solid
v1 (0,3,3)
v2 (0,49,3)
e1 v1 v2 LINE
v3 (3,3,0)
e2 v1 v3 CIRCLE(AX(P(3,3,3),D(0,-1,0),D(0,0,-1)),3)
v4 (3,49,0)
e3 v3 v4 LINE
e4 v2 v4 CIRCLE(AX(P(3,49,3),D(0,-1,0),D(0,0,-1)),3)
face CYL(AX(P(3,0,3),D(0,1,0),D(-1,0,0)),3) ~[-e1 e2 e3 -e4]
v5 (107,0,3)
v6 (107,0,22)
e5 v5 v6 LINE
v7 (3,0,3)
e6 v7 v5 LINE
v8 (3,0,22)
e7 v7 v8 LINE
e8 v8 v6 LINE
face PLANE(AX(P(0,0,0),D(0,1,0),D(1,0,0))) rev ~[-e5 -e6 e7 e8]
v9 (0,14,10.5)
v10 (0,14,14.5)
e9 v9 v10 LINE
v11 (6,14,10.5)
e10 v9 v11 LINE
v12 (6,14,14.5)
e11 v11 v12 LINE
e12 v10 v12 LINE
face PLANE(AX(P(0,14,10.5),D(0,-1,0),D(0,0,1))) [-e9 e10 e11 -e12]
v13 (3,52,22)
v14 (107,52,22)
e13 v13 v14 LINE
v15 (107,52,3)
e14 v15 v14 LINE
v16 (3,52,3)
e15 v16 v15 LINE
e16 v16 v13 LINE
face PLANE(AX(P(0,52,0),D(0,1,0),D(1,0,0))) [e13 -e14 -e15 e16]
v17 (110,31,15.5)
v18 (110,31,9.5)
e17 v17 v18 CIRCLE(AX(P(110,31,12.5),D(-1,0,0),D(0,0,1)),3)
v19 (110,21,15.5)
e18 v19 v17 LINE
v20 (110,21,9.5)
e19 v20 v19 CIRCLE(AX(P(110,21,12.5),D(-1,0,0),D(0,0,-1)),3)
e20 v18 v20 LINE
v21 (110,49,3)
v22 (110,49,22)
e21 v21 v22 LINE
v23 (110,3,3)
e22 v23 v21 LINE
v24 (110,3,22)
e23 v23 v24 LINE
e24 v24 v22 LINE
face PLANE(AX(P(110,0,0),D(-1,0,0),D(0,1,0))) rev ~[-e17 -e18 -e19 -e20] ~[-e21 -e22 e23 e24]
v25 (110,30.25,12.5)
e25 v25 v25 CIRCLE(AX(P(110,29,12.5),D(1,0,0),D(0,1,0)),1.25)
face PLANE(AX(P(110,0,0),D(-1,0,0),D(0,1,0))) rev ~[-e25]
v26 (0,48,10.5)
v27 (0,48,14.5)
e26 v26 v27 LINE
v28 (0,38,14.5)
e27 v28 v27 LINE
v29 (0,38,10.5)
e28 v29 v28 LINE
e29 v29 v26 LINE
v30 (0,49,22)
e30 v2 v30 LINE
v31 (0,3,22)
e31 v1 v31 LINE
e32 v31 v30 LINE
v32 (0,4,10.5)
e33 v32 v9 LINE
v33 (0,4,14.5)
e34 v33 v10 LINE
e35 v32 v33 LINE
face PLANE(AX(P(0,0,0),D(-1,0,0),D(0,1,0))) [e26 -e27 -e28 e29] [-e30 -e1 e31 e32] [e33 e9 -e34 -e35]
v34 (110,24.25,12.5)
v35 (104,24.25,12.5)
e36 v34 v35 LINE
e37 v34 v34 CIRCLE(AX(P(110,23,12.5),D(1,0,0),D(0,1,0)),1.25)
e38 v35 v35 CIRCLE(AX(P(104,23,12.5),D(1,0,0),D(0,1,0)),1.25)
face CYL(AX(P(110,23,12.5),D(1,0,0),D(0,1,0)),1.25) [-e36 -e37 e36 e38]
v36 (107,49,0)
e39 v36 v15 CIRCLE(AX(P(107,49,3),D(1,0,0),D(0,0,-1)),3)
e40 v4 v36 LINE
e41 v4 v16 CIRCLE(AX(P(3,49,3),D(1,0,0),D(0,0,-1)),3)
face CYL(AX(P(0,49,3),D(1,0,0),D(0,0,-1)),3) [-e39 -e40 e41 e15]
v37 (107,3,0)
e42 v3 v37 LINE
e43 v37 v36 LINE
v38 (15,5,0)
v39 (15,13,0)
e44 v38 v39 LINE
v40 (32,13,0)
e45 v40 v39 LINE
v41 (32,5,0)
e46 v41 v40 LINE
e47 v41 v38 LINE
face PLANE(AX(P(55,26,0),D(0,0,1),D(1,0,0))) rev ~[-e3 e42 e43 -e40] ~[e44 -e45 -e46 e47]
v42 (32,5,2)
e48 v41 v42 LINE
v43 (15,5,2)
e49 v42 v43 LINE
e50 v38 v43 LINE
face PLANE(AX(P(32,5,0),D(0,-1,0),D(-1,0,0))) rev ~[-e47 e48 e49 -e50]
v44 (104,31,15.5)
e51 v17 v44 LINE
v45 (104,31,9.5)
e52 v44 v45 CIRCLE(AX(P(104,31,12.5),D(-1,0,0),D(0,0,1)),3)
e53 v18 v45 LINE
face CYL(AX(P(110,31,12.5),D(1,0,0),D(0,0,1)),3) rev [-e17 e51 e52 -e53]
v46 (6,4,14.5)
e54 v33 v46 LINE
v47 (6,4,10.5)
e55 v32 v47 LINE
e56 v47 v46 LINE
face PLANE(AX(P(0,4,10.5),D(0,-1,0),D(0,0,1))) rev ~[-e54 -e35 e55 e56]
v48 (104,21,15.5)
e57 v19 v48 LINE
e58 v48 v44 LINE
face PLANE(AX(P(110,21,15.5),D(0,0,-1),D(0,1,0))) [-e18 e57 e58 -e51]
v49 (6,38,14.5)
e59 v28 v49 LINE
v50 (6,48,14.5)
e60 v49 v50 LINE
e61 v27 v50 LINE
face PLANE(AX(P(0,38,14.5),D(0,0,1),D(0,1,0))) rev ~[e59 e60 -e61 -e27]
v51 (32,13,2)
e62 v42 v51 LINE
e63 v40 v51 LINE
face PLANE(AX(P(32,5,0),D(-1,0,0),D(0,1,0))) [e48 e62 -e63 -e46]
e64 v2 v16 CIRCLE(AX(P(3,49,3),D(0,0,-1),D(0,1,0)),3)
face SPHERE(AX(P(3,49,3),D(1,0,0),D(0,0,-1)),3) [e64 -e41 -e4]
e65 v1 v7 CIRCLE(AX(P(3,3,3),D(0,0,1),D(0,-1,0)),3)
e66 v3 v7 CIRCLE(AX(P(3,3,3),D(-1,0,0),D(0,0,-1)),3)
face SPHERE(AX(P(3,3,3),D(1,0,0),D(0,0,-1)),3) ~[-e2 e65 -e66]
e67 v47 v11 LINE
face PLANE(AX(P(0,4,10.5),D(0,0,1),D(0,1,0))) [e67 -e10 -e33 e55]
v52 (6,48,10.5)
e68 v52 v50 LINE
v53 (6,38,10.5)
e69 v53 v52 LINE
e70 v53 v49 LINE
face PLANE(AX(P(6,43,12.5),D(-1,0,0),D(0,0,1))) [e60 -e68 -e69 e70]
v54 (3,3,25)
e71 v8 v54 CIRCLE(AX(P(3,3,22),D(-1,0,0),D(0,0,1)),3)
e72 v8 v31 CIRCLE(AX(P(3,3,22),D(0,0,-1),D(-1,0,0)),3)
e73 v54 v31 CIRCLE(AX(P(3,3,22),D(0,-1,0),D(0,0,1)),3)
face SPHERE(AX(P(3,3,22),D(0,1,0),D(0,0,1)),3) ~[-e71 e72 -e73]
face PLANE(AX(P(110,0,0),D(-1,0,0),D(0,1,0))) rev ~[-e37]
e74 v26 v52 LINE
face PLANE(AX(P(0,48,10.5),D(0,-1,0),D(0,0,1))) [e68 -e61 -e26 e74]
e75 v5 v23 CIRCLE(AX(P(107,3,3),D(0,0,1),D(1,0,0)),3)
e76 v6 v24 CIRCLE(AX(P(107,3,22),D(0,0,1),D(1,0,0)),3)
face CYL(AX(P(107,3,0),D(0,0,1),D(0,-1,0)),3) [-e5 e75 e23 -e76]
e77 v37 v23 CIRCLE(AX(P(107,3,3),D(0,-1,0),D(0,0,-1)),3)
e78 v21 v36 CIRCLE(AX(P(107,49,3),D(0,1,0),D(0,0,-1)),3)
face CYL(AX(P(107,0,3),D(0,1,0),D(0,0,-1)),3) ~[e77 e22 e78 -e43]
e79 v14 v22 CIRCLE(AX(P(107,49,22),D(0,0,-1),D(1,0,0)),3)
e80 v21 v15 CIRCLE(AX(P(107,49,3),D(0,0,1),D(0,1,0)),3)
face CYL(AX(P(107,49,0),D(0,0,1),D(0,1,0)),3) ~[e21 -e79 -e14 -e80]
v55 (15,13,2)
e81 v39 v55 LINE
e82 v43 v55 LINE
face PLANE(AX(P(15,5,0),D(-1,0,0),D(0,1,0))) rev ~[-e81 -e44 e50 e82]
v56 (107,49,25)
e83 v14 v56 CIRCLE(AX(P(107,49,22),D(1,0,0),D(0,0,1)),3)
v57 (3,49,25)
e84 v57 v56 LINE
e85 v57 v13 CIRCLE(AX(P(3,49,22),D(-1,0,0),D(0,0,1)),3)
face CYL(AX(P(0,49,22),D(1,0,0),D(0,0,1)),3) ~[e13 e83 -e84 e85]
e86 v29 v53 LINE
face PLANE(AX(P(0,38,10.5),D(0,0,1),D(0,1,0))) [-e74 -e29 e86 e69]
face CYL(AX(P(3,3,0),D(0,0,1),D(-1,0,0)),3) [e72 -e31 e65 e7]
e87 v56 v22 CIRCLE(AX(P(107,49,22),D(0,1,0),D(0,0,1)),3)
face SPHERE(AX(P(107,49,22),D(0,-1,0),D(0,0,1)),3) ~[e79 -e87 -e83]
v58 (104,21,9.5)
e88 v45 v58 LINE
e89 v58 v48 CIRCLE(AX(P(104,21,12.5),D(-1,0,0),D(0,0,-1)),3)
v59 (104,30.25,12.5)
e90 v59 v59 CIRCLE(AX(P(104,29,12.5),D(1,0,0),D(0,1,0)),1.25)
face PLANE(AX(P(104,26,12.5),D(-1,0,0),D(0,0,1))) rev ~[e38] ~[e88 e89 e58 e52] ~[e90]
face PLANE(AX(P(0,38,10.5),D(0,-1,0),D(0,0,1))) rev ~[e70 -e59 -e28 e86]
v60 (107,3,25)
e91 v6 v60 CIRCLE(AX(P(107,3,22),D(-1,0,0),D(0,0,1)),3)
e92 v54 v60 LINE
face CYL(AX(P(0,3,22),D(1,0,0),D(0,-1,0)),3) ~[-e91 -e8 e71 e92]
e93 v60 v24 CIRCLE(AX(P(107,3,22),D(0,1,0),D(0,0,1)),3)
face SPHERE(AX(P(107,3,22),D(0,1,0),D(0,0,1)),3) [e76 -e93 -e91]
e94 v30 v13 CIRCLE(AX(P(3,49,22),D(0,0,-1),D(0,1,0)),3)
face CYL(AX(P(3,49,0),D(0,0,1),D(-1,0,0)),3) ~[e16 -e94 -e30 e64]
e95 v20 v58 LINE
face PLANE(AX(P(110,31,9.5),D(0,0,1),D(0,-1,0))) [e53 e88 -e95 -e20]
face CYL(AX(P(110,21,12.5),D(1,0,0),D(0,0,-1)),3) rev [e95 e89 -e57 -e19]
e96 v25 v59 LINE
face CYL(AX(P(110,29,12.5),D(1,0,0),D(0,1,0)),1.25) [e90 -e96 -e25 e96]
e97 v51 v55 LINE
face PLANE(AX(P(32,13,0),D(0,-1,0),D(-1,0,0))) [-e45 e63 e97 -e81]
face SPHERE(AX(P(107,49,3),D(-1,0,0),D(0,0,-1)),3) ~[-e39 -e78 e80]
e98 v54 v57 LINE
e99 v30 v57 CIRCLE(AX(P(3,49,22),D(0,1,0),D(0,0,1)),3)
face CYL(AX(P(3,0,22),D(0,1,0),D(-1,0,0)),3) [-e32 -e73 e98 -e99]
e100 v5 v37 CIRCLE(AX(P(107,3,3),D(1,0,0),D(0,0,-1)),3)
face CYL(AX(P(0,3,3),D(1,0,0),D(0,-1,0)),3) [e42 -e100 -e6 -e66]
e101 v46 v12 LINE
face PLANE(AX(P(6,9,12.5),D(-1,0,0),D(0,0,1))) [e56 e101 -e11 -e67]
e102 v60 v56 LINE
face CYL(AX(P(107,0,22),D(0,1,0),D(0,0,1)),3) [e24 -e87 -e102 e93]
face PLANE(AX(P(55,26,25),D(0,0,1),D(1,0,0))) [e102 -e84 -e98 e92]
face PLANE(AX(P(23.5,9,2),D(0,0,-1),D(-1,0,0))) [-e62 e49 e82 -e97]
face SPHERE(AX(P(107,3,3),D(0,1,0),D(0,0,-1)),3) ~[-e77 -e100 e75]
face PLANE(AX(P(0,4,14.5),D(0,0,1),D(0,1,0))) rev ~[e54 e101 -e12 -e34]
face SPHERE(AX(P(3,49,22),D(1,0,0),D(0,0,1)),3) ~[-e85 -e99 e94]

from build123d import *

# Parameters (mm, degrees)
SKETCH_1_W          = 110
SKETCH_1_H          = 52
EXTRUDE_1_DEPTH     = 25
SKETCH_2_R          = 1.25
CUT_EXTRUDE_1_DEPTH = 6
SKETCH_3_W          = 4
SKETCH_3_H          = 10
CUT_EXTRUDE_2_DEPTH = 6
SKETCH_4_W          = 4
SKETCH_4_H          = 10
CUT_EXTRUDE_3_DEPTH = 6
SKETCH_5_W          = 17
SKETCH_5_H          = 8
CUT_EXTRUDE_4_DEPTH = 2
FILLET_1_R          = 3


with BuildPart() as part:
    # Эскиз1 → Бобышка-Вытянуть1 (new body)
    with BuildSketch(Plane.XY):
        with Locations((55, 26)):
            Rectangle(SKETCH_1_W, SKETCH_1_H)
    extrude(amount=EXTRUDE_1_DEPTH)

    # Эскиз2 → Вырез-Вытянуть1 (cut)
    with BuildSketch(Plane(origin=(110, 0, 0), x_dir=(0, 0, -1), z_dir=(1, 0, 0))):
        with BuildLine():
            Line((-9.5, 31), (-9.5, 21))
            ThreePointArc((-9.5, 21), (-12.5, 18), (-15.5, 21))
            Line((-15.5, 21), (-15.5, 31))
            ThreePointArc((-15.5, 31), (-12.5, 34), (-9.5, 31))
        make_face()
        with Locations(Location((-12.5, 29, 0), (0, 0, 90))):
            Circle(SKETCH_2_R, mode=Mode.SUBTRACT)
        with Locations(Location((-12.5, 23, 0), (0, 0, 90))):
            Circle(SKETCH_2_R, mode=Mode.SUBTRACT)
    extrude(amount=-CUT_EXTRUDE_1_DEPTH, mode=Mode.SUBTRACT)

    # Эскиз3 → Вырез-Вытянуть2 (cut)
    with BuildSketch(Plane.ZY):
        with Locations((12.5, 9)):
            Rectangle(SKETCH_3_W, SKETCH_3_H)
    extrude(amount=-CUT_EXTRUDE_2_DEPTH, mode=Mode.SUBTRACT)

    # Эскиз4 → Вырез-Вытянуть3 (cut)
    with BuildSketch(Plane.ZY):
        with Locations((12.5, 43)):
            Rectangle(SKETCH_4_W, SKETCH_4_H)
    extrude(amount=-CUT_EXTRUDE_3_DEPTH, mode=Mode.SUBTRACT)

    # Эскиз5 → Вырез-Вытянуть4 (cut)
    with BuildSketch(Plane(origin=(0, 0, 0), x_dir=(-1, 0, 0), z_dir=(0, 0, -1))):
        with Locations((-23.5, 9)):
            Rectangle(SKETCH_5_W, SKETCH_5_H)
    extrude(amount=-CUT_EXTRUDE_4_DEPTH, mode=Mode.SUBTRACT)

    # Скругление1
    fillet_1_edges = [part.edges().sort_by_distance(p)[0] for p in [
        (110, 26, 25),
        (55, 52, 25),
        (0, 26, 25),
        (55, 52, 0),
        (110, 26, 0),
        (55, 0, 0),
        (0, 26, 0),
        (55, 0, 25),
        (0, 52, 12.5),
        (110, 52, 12.5),
        (110, 0, 12.5),
        (0, 0, 12.5),
    ]]
    fillet(fillet_1_edges, radius=FILLET_1_R)


solid = part.part
